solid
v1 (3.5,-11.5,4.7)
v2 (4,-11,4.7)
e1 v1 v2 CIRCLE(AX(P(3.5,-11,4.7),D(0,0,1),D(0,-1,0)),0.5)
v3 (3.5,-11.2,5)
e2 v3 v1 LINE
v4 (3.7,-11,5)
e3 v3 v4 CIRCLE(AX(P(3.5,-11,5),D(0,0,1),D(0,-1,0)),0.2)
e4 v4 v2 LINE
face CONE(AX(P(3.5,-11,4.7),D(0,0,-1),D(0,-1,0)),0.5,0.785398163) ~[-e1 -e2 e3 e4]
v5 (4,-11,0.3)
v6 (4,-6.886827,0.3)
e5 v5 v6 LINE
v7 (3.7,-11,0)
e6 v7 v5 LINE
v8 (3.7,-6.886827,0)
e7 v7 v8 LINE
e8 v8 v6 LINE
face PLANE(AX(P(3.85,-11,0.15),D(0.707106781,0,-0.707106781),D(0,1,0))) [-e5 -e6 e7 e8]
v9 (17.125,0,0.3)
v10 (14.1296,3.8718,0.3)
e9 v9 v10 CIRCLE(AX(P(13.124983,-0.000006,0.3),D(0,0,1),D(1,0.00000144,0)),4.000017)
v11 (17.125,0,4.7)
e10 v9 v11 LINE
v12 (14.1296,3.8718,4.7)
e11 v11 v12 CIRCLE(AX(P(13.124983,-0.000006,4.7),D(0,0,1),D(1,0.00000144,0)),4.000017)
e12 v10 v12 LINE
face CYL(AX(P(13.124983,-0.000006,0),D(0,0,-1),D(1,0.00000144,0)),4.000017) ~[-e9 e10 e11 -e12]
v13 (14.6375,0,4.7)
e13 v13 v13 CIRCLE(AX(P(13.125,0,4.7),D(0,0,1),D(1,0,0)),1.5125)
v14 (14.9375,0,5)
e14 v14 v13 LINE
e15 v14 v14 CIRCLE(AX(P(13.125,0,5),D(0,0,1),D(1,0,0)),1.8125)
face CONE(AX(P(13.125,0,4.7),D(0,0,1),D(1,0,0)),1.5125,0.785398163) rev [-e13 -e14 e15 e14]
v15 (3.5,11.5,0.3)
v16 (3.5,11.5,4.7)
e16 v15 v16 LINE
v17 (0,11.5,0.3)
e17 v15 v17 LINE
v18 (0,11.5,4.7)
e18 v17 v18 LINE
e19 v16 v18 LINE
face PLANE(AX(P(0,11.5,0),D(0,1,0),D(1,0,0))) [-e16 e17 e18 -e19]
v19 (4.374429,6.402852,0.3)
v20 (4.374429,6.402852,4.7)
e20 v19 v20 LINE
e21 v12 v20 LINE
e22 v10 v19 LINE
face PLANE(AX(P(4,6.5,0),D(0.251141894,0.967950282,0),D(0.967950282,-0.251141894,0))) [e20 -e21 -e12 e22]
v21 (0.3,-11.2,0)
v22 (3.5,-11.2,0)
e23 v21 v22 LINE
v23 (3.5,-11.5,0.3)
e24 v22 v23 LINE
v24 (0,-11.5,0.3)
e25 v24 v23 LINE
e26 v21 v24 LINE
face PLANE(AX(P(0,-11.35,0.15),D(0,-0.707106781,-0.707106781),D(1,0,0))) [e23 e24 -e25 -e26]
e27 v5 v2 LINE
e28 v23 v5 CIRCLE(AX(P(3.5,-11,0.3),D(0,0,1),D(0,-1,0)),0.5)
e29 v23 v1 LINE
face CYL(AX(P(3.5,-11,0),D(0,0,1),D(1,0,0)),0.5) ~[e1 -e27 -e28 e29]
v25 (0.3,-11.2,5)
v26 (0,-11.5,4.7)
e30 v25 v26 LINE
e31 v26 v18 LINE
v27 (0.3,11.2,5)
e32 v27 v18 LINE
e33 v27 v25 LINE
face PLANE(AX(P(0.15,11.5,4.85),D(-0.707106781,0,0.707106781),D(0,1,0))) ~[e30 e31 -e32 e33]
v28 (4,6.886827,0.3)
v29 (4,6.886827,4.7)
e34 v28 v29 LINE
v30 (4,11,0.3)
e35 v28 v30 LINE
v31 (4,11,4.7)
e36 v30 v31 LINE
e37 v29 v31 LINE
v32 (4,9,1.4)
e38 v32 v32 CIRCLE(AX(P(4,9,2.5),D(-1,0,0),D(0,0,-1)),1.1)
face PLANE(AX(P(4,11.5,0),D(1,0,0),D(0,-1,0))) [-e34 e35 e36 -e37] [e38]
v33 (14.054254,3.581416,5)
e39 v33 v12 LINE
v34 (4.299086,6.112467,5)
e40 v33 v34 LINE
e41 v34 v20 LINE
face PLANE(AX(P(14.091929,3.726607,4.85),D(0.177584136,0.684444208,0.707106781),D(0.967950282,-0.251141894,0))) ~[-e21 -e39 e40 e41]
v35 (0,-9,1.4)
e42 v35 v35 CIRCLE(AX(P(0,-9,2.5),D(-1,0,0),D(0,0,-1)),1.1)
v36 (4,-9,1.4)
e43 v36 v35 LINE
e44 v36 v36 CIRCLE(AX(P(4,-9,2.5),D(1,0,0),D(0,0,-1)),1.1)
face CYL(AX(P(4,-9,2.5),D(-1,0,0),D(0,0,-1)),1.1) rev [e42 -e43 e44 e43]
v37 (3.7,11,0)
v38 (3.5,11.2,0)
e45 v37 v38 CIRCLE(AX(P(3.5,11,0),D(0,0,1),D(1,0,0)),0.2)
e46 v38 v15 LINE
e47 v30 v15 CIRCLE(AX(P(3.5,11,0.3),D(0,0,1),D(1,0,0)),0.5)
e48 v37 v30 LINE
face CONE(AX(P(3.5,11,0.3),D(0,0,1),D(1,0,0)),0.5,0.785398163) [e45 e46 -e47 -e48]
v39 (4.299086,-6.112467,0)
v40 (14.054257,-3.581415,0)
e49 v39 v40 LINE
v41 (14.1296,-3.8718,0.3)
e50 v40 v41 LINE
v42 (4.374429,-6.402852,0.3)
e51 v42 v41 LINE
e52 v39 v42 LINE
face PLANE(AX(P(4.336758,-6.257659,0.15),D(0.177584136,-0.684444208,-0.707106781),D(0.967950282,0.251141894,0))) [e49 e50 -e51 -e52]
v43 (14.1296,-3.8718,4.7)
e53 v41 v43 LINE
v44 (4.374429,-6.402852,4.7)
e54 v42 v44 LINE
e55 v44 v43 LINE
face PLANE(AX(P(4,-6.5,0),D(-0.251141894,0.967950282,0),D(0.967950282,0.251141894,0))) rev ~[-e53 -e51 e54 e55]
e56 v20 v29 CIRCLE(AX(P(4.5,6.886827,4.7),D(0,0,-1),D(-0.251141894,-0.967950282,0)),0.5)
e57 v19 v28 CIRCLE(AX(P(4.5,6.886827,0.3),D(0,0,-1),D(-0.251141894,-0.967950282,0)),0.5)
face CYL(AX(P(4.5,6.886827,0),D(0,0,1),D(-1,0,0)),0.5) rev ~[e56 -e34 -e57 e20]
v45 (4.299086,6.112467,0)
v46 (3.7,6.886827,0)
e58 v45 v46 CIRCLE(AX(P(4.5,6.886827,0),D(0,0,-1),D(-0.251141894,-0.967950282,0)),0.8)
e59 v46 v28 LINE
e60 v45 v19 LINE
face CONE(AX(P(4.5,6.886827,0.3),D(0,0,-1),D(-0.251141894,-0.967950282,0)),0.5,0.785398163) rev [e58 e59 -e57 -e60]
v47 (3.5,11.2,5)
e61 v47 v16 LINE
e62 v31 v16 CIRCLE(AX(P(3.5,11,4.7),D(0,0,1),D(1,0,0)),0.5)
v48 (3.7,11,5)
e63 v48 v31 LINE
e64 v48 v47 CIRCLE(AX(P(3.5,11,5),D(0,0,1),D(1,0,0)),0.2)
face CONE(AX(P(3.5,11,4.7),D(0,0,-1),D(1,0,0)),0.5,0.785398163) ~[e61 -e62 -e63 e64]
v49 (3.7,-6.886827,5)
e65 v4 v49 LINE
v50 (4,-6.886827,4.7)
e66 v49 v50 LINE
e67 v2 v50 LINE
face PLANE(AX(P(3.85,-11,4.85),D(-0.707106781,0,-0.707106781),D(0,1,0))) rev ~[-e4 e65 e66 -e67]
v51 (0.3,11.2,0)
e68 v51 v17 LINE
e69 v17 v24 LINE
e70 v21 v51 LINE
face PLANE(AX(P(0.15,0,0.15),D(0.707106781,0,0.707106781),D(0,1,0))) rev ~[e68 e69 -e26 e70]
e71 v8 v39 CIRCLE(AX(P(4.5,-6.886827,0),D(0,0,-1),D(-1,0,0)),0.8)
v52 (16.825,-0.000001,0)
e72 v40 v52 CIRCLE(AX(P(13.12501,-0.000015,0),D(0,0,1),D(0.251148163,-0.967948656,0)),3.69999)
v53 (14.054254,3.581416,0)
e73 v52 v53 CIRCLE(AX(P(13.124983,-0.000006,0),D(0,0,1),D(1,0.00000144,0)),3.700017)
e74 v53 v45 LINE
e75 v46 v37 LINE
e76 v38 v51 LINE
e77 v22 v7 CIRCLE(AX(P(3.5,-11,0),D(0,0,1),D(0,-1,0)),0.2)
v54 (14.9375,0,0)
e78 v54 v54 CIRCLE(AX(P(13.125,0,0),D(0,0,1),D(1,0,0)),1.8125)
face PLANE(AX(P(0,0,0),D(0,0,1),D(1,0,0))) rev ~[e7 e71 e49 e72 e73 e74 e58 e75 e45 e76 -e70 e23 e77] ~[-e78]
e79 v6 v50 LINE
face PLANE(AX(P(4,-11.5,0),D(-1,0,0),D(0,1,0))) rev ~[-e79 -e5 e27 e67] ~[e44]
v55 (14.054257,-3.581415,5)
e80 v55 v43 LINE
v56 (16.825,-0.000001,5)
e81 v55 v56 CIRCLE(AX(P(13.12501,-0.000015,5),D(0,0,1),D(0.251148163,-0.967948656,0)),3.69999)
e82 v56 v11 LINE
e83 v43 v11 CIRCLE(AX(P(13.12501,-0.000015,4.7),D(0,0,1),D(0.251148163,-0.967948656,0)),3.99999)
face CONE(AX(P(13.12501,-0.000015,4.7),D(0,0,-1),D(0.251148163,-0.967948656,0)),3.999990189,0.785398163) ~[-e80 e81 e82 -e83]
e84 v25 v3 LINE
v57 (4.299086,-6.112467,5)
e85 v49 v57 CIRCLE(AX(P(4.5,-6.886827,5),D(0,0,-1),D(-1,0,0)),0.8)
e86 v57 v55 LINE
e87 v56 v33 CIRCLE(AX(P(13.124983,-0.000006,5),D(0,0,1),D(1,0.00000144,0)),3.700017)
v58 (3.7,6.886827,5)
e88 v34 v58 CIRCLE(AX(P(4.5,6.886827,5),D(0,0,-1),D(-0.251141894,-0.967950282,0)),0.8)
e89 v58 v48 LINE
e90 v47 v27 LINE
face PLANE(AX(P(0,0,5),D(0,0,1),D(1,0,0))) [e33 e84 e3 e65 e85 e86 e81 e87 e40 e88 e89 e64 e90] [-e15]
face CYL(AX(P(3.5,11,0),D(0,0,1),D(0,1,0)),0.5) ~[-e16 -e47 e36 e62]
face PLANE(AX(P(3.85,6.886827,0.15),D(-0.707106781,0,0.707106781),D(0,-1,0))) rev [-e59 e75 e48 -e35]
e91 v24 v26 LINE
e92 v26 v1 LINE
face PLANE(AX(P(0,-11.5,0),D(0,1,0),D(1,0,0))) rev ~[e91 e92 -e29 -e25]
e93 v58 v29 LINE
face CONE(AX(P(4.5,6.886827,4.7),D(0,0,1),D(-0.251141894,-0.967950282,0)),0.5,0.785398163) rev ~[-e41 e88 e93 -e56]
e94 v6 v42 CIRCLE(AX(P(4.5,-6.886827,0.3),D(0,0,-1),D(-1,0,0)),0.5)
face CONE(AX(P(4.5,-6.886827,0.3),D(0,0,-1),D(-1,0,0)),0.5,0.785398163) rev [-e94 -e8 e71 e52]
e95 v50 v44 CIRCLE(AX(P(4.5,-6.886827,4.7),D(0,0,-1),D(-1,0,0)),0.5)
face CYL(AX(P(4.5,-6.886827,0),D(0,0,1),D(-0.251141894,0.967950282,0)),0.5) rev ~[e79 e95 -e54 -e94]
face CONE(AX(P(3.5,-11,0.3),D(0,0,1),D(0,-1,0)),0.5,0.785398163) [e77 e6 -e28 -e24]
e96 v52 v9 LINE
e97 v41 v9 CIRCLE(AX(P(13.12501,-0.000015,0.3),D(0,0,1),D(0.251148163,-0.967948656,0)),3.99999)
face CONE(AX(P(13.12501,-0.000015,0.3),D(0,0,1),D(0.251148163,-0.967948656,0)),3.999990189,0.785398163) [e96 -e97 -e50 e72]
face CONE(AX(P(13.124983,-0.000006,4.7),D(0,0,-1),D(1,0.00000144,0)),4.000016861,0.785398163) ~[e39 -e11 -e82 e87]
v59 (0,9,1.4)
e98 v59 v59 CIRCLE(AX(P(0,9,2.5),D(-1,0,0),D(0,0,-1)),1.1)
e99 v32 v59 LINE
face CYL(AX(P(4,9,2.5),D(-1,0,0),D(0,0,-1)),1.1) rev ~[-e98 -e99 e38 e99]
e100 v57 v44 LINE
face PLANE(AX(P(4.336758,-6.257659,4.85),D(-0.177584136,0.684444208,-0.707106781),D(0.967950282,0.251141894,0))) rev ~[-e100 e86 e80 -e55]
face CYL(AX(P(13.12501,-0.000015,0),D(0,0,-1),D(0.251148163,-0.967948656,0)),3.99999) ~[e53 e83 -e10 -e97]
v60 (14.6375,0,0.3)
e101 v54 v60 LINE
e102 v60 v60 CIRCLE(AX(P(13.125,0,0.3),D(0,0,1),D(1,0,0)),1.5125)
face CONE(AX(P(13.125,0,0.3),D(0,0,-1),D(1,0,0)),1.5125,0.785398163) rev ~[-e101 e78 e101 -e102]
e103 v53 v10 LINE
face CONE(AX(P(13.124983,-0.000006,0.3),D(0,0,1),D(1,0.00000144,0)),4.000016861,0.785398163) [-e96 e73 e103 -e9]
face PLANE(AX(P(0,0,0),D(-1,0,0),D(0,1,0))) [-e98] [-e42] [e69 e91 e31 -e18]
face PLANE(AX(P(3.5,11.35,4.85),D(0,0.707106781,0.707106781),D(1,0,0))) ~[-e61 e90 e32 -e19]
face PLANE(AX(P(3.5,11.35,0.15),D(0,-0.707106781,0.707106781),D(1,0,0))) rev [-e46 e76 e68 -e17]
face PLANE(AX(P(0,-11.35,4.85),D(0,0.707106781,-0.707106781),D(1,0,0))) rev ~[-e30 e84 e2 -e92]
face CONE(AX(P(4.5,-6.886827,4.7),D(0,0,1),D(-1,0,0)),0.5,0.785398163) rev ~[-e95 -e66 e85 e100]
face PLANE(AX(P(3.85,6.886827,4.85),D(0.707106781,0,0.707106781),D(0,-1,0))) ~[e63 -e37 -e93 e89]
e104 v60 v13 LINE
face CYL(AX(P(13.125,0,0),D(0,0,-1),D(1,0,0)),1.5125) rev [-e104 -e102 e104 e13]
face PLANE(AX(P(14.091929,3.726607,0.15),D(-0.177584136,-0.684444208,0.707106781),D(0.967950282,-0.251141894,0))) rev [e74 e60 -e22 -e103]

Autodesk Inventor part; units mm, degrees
ref_plane "YZ Plane" through (0, 0, 0) normal (1, 0, 0) x (0, 1, 0)
ref_plane "XZ Plane" through (0, 0, 0) normal (0, 1, 0) x (-1, 0, 0)
ref_plane "XY Plane" through (0, 0, 0) normal (0, 0, 1) x (1, 0, 0)
sketch "Sketch1" plane through (0, 0, 0) normal (0, 0, 1) x (1, 0, 0)
  line L0 (0, 0) -> (0, 11.5)
  line L1 (0, 11.5) -> (4, 11.5)
  line L2 (4, 11.5) -> (4, 6.5)
  line L3 (4, 6.5) -> (14.1296, 3.8718)
  line L4 (-3.5573, 0) -> (21.3437, 0) construction
  circle A0 centre (13.125, 0) radius 1.5125
  arc A1 (17.125, 0) -> (14.1296, 3.8718) centre (13.125, 0) ccw
  line L5 (0, 0) -> (0, -11.5)
  line L6 (0, -11.5) -> (4, -11.5)
  line L7 (4, -11.5) -> (4, -6.5)
  line L8 (4, -6.5) -> (14.1296, -3.8718)
  arc A2 (14.1296, -3.8718) -> (17.125, 0) centre (13.125, 0) ccw
  dimension "d0" = 3.025
  dimension "d1" = 13.125
  dimension "d2" = 4
  dimension "d3" = 11.5
  dimension "d4" = 4
  dimension "d5" = 5
extrude "Extrusion1" add sketch "Sketch1" along normal blind 5
fillet "Fillet1" radius 0.5 4 edges at (4, 6.5, 2.5) (4, -6.5, 2.5) (4, -11.5, 2.5) (4, 11.5, 2.5)
chamfer "Chamfer1" distance 0.3 angle 45 26 edges at (16.2887, 2.4476, 0) (9.252, -5.1373, 0) (4.1045, -6.5809, 0) (4, -8.9434, 0) (3.8536, -11.3536, 0) (1.75, -11.5, 0) (9.252, 5.1373, 0) (4.1045, 6.5809, 0) (4, 8.9434, 0) (3.8536, 11.3536, 0) (1.75, 11.5, 0) (11.6125, 0, 0) (0, 5.75, 0) (4, -8.9434, 5) (4.1045, -6.5809, 5) (9.252, -5.1373, 5) (16.2887, 2.4476, 5) (9.252, 5.1373, 5) (4.1045, 6.5809, 5) (4, 8.9434, 5) (3.8536, 11.3536, 5) (1.75, 11.5, 5) (3.8536, -11.3536, 5) (1.75, -11.5, 5) (11.6125, 0, 5) (0, -5.75, 5)
hole "Hole1" at (4, 9, 2.5) direction (-1, 0, 0) diameter 2.2 end through all
mirror "Mirror1" about plane through (0, 0, 0) normal (0, 1, 0) of "Hole1"
equation "\"d0\" = bore_clearance"
equation "\"d1\" = -0.5 * finger_width + 0.5 * dist_hinge_points"
equation "\"d9\" = champfer"
equation "\"finger_width\" = 25"
equation "\"finger_thickness\" = 8"
equation "\"finger_part_A_length\" = 42.8625"
equation "\"finger_part_B_length\" = 28.575"
equation "\"finger_link_width\" = 3.5"
equation "\"finger_link_clearence\" = 0.075"
equation "\"tol\" = 0.5 * finger_link_clearence"
equation "\"link_tol\" = 0.254"
equation "\"bore_press\" = 2.925"
equation "\"bore_clearance\" = 3.025"
equation "\"bar_diameter\" = 6.5"
equation "\"bar_thickness\" = 4"
equation "\"bar_width\" = 7"
equation "\"hinge_dist_sym_plane\" = 4"
equation "\"hinge_thickness\" = 3"
equation "\"hinge_act_length_c\" = 7.62"
equation "\"hinge_act_length_bc\" = 16.66875"
equation "\"hinge_act_length_ab\" = 11.049"
equation "\"hinge_act_length_a\" = 21.43125"
equation "\"hinge_guid_length_c\" = 9.525"
equation "\"hinge_guid_length_bc\" = 9.525"
equation "\"hinge_guid_length_ab\" = 17.145"
equation "\"hinge_guid_length_a\" = 17.145"
equation "\"bar_length_bc\" = finger_part_B_length"
equation "\"bar_act_length_ab\" = 40.48125"
equation "\"bar_guid_length_ab\" = 43.275"
equation "\"champfer\" = 0.3"
equation "\"fillet\" = 0.4"
equation "\"gear_diameter\" = 14"
equation "\"dist_finger_BC\" = 56.5"
equation "\"hinge_point\" = 15"
equation "\"dist_hinge_points\" = 51.25"
properties part number "hinge-axis_mount"
